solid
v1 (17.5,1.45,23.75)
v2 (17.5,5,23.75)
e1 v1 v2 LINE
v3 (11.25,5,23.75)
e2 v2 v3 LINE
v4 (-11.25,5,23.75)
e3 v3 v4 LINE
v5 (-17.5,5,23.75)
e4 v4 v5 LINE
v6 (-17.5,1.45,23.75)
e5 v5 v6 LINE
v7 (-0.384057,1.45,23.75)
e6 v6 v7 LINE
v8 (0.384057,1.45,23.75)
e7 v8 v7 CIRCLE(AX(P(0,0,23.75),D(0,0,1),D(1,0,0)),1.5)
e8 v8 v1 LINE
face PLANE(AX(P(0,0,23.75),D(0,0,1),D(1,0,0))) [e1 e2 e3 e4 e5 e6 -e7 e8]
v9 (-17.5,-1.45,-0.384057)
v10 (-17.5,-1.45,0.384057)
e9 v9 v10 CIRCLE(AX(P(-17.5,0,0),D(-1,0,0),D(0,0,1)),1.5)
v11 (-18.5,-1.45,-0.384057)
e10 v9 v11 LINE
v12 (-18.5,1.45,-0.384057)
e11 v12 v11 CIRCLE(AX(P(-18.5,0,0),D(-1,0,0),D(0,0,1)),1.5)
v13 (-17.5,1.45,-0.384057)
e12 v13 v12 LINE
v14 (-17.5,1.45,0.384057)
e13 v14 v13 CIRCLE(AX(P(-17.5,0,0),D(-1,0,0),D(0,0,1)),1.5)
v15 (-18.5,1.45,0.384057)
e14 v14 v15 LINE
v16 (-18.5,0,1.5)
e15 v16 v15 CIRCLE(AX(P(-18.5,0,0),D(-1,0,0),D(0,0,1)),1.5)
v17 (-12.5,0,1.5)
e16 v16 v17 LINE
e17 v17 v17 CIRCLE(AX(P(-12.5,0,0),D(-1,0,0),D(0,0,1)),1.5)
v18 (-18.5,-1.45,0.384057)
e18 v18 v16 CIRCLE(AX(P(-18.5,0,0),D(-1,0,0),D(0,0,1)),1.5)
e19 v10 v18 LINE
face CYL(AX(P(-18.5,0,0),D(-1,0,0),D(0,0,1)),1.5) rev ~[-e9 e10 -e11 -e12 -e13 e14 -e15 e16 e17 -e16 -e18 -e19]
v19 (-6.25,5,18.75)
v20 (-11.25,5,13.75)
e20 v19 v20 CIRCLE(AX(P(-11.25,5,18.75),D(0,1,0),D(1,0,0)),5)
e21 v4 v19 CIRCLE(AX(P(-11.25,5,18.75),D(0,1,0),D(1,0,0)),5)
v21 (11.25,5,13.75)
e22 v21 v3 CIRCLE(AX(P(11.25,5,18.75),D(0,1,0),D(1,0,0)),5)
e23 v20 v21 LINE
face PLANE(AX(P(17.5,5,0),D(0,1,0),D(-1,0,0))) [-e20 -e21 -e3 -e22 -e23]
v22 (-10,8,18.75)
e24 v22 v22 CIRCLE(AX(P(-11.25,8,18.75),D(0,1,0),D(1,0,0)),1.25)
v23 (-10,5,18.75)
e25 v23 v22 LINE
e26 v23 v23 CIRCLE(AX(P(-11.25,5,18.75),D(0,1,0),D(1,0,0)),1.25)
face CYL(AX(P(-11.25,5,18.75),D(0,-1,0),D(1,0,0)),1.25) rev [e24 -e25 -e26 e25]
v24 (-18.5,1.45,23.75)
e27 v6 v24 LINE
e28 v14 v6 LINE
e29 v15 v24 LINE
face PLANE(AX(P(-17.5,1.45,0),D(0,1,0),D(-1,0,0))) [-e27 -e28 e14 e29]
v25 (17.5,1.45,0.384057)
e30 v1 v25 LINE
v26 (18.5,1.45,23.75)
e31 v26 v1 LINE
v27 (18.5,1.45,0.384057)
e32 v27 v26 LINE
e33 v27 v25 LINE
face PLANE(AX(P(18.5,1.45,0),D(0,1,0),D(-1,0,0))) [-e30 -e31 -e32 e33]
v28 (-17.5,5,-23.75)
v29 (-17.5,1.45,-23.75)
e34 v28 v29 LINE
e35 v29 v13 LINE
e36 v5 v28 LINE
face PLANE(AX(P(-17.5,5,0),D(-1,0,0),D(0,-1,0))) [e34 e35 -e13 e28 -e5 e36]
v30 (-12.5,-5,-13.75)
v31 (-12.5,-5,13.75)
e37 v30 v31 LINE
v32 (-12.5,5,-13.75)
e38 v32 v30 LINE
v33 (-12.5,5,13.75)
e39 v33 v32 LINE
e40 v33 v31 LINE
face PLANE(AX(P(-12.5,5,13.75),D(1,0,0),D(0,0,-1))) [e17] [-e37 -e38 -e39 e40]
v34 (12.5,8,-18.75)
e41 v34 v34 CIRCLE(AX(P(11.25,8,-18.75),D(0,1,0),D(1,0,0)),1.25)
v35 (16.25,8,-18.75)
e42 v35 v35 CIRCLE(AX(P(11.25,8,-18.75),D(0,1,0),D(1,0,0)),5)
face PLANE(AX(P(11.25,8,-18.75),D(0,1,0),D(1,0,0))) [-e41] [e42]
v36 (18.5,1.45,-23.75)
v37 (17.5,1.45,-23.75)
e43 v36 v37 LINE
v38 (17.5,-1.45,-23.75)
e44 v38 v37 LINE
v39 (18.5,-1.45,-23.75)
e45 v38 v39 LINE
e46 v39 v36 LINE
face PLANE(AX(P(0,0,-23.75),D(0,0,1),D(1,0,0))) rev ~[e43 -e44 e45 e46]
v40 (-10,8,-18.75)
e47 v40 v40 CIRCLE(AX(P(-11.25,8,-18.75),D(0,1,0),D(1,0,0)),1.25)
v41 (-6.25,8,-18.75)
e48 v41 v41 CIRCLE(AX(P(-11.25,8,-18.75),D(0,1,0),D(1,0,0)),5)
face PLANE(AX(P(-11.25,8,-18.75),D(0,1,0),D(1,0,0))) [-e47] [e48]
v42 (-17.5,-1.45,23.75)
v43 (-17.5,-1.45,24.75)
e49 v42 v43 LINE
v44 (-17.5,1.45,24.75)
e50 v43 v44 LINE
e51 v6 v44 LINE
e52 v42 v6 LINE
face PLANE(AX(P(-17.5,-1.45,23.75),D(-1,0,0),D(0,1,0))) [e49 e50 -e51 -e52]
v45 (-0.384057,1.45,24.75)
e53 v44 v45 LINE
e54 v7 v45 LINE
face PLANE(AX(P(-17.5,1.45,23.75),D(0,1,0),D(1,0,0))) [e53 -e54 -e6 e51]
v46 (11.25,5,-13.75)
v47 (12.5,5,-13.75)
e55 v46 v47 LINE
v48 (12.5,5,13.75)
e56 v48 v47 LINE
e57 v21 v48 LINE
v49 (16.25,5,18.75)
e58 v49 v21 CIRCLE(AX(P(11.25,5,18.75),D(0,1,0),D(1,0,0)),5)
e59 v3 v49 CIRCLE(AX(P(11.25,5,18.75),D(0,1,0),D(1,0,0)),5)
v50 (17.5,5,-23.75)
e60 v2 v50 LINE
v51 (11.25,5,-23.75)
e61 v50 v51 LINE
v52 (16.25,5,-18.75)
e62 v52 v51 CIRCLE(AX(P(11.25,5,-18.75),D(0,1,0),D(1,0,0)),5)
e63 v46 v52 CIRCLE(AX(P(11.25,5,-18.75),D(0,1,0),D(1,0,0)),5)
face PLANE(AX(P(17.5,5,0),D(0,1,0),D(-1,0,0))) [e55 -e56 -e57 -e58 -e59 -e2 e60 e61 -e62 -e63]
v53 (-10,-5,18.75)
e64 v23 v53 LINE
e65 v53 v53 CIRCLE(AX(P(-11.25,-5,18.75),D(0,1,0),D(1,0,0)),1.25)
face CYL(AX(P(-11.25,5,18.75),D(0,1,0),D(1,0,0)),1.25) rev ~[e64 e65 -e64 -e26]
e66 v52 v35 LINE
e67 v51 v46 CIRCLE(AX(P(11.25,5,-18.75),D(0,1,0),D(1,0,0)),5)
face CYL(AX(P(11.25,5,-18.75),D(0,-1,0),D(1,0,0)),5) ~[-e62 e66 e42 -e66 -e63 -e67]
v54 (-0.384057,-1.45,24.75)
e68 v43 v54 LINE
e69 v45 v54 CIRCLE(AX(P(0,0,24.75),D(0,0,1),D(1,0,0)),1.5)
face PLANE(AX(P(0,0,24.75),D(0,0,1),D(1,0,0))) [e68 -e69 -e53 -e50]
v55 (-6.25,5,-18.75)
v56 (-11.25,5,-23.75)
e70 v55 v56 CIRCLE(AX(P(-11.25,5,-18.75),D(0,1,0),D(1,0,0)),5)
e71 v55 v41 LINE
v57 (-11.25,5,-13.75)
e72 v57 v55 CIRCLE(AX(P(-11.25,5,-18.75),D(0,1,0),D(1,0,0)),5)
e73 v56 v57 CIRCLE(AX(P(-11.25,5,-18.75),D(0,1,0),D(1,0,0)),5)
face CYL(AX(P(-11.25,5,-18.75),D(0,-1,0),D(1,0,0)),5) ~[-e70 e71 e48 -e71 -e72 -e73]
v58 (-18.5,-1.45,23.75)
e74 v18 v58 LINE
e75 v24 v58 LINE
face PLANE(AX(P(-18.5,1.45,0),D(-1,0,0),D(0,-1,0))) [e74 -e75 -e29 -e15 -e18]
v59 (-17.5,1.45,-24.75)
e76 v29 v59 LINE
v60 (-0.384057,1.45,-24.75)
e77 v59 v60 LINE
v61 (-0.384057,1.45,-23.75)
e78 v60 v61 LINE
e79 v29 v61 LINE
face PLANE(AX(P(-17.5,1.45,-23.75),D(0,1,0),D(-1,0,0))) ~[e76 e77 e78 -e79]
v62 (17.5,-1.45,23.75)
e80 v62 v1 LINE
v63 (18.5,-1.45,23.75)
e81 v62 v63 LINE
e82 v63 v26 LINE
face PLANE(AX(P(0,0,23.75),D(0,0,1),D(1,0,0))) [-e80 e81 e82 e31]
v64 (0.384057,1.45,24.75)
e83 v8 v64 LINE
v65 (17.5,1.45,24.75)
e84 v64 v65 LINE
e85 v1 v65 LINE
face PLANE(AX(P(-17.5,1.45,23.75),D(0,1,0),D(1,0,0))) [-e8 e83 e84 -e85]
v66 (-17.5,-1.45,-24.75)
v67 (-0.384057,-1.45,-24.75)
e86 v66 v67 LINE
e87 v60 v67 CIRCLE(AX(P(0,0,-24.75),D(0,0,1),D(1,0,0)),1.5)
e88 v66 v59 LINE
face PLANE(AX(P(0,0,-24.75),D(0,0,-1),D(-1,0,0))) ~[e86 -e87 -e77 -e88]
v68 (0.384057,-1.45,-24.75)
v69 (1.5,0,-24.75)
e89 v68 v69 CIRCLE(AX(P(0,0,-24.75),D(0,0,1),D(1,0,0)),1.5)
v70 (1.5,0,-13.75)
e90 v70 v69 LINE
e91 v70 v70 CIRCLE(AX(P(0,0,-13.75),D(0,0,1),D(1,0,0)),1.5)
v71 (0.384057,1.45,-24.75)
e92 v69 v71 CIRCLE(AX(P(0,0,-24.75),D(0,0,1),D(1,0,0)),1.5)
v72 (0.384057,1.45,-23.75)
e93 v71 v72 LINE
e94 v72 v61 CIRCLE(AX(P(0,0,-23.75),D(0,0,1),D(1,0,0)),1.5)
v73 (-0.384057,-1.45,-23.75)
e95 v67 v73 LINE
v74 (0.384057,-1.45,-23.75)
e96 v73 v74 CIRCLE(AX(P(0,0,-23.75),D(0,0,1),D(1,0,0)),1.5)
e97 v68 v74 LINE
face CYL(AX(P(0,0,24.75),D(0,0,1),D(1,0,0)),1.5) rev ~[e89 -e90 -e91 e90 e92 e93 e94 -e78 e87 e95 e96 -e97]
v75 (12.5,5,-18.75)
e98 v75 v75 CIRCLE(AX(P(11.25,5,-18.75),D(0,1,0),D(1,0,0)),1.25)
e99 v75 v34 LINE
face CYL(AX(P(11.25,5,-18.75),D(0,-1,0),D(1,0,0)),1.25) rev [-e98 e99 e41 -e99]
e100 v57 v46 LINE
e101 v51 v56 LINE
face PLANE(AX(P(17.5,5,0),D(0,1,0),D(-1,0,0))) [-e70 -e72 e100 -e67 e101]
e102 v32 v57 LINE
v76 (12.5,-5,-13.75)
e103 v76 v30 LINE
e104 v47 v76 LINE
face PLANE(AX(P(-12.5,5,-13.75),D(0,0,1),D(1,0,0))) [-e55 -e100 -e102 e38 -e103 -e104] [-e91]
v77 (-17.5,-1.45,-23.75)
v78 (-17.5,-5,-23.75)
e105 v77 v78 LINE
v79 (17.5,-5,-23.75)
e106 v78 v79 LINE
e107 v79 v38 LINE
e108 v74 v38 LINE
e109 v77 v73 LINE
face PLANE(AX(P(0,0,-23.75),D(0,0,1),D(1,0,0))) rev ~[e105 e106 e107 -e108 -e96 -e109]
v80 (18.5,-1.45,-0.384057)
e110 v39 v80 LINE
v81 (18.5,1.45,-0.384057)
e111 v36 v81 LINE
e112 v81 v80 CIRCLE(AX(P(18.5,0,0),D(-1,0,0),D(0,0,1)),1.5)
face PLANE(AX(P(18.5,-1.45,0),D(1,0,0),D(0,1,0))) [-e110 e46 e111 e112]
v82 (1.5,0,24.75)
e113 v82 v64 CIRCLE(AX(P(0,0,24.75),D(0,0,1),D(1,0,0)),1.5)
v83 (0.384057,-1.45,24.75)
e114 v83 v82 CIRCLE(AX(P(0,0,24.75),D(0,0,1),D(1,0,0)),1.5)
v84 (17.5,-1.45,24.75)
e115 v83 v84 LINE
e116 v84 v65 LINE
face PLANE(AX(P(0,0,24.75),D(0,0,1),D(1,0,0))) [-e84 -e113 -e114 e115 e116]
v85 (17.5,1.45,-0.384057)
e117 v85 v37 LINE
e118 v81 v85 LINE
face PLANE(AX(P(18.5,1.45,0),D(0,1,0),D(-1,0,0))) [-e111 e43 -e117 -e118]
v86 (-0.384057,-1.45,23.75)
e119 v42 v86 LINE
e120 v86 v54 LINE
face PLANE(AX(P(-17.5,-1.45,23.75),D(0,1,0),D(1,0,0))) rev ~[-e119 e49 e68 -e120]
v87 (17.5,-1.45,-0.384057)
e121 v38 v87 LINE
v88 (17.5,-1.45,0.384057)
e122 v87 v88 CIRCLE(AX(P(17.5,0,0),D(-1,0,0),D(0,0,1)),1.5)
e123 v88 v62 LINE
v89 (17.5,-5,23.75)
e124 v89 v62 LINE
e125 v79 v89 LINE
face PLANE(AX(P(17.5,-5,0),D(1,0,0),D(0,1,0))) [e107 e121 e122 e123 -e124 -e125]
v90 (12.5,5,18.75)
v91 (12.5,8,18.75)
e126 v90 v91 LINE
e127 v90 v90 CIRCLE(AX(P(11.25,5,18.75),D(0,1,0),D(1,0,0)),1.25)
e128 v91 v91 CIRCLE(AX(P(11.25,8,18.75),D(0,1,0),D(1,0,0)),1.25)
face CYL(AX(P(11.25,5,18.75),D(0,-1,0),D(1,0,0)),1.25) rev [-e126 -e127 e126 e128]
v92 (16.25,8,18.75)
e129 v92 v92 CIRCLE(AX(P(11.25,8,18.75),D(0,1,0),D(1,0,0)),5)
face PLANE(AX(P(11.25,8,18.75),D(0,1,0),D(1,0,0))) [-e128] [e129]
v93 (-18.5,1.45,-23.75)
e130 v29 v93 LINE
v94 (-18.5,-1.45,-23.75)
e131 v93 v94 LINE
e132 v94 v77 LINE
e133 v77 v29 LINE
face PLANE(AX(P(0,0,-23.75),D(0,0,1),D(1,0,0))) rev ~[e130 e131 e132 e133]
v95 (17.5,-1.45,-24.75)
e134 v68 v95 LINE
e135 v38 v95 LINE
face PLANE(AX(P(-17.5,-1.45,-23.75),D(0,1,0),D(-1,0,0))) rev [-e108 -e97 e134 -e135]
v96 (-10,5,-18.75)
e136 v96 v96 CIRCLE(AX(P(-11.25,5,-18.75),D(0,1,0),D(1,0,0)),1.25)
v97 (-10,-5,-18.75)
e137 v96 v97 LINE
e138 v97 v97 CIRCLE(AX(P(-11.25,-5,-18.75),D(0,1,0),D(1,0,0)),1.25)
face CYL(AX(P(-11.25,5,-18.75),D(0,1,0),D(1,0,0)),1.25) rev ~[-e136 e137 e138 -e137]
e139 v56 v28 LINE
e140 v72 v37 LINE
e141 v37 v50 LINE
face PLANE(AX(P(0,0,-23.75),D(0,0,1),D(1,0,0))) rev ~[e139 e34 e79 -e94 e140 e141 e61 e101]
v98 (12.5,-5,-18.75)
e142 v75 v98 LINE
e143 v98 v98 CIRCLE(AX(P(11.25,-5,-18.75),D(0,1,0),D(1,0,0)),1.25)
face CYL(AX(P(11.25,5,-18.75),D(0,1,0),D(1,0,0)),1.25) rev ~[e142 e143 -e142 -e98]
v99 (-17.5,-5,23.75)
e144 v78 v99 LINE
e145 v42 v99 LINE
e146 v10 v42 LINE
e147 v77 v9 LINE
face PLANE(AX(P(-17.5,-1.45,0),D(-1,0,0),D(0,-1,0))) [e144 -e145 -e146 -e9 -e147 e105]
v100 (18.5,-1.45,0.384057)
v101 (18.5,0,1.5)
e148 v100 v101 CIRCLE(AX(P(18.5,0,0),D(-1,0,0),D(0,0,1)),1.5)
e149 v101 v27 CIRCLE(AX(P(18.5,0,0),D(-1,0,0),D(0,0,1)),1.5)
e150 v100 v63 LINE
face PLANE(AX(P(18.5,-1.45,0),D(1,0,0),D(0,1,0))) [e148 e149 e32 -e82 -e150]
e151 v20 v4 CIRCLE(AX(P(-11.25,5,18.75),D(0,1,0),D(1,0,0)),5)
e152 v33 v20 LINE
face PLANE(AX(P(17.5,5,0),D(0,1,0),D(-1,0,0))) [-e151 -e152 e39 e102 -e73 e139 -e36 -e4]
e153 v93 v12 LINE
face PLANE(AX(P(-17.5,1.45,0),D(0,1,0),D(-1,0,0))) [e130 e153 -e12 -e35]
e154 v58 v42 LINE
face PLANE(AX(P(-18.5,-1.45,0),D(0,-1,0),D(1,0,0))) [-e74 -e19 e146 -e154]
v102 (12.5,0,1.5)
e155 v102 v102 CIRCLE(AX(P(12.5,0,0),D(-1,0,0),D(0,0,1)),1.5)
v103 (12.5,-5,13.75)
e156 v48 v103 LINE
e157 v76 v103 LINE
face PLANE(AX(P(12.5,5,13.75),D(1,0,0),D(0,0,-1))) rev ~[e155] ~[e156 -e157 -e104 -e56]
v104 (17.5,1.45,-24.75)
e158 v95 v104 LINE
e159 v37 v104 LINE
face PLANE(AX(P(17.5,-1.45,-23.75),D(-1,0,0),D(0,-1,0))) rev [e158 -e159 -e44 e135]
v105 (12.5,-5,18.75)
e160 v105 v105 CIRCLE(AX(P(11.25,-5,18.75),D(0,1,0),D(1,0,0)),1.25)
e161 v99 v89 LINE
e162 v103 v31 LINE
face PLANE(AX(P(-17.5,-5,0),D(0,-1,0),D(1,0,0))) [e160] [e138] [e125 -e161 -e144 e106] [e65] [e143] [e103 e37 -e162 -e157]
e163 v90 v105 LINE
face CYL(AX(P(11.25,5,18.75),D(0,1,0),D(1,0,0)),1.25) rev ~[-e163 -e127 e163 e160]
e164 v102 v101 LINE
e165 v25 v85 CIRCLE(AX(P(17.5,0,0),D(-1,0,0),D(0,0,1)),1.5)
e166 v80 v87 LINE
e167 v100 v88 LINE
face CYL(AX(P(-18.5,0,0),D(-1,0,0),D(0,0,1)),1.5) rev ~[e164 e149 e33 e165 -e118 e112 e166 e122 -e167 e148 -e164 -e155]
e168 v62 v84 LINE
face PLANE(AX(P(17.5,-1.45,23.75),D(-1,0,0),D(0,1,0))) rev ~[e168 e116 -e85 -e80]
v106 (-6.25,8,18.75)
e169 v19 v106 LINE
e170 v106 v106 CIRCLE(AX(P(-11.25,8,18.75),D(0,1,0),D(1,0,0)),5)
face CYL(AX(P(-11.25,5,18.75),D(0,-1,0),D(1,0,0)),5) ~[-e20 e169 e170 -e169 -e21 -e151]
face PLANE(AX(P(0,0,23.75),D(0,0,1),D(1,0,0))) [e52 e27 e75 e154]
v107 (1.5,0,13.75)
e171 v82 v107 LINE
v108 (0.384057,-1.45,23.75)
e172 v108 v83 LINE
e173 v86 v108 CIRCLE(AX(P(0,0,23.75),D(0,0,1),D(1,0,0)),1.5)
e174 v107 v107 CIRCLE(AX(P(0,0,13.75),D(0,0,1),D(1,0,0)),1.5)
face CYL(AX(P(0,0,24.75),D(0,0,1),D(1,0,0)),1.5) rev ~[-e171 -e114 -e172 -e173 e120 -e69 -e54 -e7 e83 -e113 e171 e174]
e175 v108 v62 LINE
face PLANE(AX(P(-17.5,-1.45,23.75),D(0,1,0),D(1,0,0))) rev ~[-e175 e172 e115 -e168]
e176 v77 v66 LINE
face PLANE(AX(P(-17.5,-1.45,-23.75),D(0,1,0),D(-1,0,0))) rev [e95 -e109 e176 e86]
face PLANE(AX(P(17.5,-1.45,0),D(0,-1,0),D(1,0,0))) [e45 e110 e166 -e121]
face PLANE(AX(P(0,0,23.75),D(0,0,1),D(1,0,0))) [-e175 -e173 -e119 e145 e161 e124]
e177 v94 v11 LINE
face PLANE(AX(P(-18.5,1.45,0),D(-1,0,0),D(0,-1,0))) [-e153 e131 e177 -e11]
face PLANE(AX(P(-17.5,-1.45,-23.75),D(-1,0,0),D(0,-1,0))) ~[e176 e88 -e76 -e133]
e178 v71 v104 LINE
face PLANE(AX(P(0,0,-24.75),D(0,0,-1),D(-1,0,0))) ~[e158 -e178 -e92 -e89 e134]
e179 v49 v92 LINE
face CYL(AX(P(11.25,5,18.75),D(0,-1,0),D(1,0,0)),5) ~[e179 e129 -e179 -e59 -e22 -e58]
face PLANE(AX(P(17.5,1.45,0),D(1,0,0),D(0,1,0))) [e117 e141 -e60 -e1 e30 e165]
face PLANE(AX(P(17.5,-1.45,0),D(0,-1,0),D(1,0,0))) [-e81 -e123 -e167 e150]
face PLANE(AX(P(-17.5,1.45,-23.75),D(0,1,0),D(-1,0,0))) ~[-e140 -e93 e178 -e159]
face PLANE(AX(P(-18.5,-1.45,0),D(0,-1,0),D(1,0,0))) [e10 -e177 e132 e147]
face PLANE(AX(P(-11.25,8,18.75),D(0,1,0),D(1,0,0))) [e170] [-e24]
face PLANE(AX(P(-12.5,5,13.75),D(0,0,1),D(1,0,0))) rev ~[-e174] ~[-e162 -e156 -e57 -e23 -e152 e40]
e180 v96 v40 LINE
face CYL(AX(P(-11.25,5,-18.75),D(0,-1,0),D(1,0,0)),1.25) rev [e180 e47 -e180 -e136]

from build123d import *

# Parameters (mm, degrees)
MAIN_DEPTH               = 23.75
SKETCH2_R                = 5
SKETCH2_R_2              = 1.25
PLOT_DEPTH               = 3
SKETCH4_R                = 1.25
FIXHOLE_DEPTH            = 32.722428974
SKETCH3_W                = 25
SKETCH3_H                = 27.5
CENTRALHOLE_DEPTH        = 32.722428974
SKETCH5_R                = 1.5
MAKERBEAMFIXHOLE_DEPTH   = 45.688505233
SKETCH6_W                = 35
SKETCH6_H                = 2.9
MAKERBEAMOTHERRAIL_DEPTH = 1
SKETCH7_R                = 1.5
CUT_EXTRUDE4_DEPTH       = 54.446234666


with BuildPart() as part:
    # Sketch1 → Main (new, symmetric)
    with BuildSketch(Plane.XY):
        Polygon((-17.5, 5), (-17.5, 1.45), (-18.5, 1.45), (-18.5, -1.45), (-17.5, -1.45), (-17.5, -5), (17.5, -5), (17.5, -1.45), (18.5, -1.45), (18.5, 1.45), (17.5, 1.45), (17.5, 5), align=None)
    extrude(amount=MAIN_DEPTH, both=True)

    # Sketch2 → Plot (add)
    # profile 1 of 4: a face of its own
    with BuildSketch(Plane(origin=(0, 5, 0), x_dir=(1, 0, 0), z_dir=(0, 1, 0))):
        with Locations((-11.25, 18.75)):
            Circle(SKETCH2_R)
        with Locations((-11.25, 18.75)):
            Circle(SKETCH2_R_2, mode=Mode.SUBTRACT)
    # profile 2 of 4: a face of its own
    with BuildSketch(Plane(origin=(0, 5, 0), x_dir=(1, 0, 0), z_dir=(0, 1, 0))):
        with Locations((-11.25, -18.75)):
            Circle(SKETCH2_R)
        with Locations((-11.25, -18.75)):
            Circle(SKETCH2_R_2, mode=Mode.SUBTRACT)
    # profile 3 of 4: a face of its own
    with BuildSketch(Plane(origin=(0, 5, 0), x_dir=(1, 0, 0), z_dir=(0, 1, 0))):
        with Locations((11.25, 18.75)):
            Circle(SKETCH2_R)
        with Locations((11.25, 18.75)):
            Circle(SKETCH2_R_2, mode=Mode.SUBTRACT)
    # profile 4 of 4: a face of its own
    with BuildSketch(Plane(origin=(0, 5, 0), x_dir=(1, 0, 0), z_dir=(0, 1, 0))):
        with Locations((11.25, -18.75)):
            Circle(SKETCH2_R)
        with Locations((11.25, -18.75)):
            Circle(SKETCH2_R_2, mode=Mode.SUBTRACT)
    extrude(amount=PLOT_DEPTH)

    # Sketch4 → FixHole (cut, through all)
    with BuildSketch(Plane(origin=(0, 5, 0), x_dir=(1, 0, 0), z_dir=(0, 1, 0))):
        with Locations((-11.25, 18.75)):
            Circle(SKETCH4_R)
        with Locations((11.25, 18.75)):
            Circle(SKETCH4_R)
        with Locations((11.25, -18.75)):
            Circle(SKETCH4_R)
        with Locations((-11.25, -18.75)):
            Circle(SKETCH4_R)
    extrude(amount=-FIXHOLE_DEPTH, mode=Mode.SUBTRACT)

    # Sketch3 → CentralHole (cut, through all)
    with BuildSketch(Plane(origin=(0, 5, 0), x_dir=(1, 0, 0), z_dir=(0, 1, 0))):
        Rectangle(SKETCH3_W, SKETCH3_H)
    extrude(amount=-CENTRALHOLE_DEPTH, mode=Mode.SUBTRACT)

    # Sketch5 → MakerBeamFixHole (cut, through all)
    with BuildSketch(Plane.ZY.offset(18.5)):
        Circle(SKETCH5_R)
    extrude(amount=-MAKERBEAMFIXHOLE_DEPTH, mode=Mode.SUBTRACT)

    # Sketch6 → MakerBeamOtherRail (add)
    with BuildSketch(Plane.XY.offset(23.75)):
        Rectangle(SKETCH6_W, SKETCH6_H)
    makerbeamotherrail = extrude(amount=MAKERBEAMOTHERRAIL_DEPTH)

    # Mirror5: MakerBeamOtherRail across plane
    add(makerbeamotherrail.mirror(Plane.XY))

    # Sketch7 → Cut-Extrude4 (cut, through all)
    with BuildSketch(Plane.XY.offset(24.75)):
        Circle(SKETCH7_R)
    extrude(amount=-CUT_EXTRUDE4_DEPTH, mode=Mode.SUBTRACT)


solid = part.part
